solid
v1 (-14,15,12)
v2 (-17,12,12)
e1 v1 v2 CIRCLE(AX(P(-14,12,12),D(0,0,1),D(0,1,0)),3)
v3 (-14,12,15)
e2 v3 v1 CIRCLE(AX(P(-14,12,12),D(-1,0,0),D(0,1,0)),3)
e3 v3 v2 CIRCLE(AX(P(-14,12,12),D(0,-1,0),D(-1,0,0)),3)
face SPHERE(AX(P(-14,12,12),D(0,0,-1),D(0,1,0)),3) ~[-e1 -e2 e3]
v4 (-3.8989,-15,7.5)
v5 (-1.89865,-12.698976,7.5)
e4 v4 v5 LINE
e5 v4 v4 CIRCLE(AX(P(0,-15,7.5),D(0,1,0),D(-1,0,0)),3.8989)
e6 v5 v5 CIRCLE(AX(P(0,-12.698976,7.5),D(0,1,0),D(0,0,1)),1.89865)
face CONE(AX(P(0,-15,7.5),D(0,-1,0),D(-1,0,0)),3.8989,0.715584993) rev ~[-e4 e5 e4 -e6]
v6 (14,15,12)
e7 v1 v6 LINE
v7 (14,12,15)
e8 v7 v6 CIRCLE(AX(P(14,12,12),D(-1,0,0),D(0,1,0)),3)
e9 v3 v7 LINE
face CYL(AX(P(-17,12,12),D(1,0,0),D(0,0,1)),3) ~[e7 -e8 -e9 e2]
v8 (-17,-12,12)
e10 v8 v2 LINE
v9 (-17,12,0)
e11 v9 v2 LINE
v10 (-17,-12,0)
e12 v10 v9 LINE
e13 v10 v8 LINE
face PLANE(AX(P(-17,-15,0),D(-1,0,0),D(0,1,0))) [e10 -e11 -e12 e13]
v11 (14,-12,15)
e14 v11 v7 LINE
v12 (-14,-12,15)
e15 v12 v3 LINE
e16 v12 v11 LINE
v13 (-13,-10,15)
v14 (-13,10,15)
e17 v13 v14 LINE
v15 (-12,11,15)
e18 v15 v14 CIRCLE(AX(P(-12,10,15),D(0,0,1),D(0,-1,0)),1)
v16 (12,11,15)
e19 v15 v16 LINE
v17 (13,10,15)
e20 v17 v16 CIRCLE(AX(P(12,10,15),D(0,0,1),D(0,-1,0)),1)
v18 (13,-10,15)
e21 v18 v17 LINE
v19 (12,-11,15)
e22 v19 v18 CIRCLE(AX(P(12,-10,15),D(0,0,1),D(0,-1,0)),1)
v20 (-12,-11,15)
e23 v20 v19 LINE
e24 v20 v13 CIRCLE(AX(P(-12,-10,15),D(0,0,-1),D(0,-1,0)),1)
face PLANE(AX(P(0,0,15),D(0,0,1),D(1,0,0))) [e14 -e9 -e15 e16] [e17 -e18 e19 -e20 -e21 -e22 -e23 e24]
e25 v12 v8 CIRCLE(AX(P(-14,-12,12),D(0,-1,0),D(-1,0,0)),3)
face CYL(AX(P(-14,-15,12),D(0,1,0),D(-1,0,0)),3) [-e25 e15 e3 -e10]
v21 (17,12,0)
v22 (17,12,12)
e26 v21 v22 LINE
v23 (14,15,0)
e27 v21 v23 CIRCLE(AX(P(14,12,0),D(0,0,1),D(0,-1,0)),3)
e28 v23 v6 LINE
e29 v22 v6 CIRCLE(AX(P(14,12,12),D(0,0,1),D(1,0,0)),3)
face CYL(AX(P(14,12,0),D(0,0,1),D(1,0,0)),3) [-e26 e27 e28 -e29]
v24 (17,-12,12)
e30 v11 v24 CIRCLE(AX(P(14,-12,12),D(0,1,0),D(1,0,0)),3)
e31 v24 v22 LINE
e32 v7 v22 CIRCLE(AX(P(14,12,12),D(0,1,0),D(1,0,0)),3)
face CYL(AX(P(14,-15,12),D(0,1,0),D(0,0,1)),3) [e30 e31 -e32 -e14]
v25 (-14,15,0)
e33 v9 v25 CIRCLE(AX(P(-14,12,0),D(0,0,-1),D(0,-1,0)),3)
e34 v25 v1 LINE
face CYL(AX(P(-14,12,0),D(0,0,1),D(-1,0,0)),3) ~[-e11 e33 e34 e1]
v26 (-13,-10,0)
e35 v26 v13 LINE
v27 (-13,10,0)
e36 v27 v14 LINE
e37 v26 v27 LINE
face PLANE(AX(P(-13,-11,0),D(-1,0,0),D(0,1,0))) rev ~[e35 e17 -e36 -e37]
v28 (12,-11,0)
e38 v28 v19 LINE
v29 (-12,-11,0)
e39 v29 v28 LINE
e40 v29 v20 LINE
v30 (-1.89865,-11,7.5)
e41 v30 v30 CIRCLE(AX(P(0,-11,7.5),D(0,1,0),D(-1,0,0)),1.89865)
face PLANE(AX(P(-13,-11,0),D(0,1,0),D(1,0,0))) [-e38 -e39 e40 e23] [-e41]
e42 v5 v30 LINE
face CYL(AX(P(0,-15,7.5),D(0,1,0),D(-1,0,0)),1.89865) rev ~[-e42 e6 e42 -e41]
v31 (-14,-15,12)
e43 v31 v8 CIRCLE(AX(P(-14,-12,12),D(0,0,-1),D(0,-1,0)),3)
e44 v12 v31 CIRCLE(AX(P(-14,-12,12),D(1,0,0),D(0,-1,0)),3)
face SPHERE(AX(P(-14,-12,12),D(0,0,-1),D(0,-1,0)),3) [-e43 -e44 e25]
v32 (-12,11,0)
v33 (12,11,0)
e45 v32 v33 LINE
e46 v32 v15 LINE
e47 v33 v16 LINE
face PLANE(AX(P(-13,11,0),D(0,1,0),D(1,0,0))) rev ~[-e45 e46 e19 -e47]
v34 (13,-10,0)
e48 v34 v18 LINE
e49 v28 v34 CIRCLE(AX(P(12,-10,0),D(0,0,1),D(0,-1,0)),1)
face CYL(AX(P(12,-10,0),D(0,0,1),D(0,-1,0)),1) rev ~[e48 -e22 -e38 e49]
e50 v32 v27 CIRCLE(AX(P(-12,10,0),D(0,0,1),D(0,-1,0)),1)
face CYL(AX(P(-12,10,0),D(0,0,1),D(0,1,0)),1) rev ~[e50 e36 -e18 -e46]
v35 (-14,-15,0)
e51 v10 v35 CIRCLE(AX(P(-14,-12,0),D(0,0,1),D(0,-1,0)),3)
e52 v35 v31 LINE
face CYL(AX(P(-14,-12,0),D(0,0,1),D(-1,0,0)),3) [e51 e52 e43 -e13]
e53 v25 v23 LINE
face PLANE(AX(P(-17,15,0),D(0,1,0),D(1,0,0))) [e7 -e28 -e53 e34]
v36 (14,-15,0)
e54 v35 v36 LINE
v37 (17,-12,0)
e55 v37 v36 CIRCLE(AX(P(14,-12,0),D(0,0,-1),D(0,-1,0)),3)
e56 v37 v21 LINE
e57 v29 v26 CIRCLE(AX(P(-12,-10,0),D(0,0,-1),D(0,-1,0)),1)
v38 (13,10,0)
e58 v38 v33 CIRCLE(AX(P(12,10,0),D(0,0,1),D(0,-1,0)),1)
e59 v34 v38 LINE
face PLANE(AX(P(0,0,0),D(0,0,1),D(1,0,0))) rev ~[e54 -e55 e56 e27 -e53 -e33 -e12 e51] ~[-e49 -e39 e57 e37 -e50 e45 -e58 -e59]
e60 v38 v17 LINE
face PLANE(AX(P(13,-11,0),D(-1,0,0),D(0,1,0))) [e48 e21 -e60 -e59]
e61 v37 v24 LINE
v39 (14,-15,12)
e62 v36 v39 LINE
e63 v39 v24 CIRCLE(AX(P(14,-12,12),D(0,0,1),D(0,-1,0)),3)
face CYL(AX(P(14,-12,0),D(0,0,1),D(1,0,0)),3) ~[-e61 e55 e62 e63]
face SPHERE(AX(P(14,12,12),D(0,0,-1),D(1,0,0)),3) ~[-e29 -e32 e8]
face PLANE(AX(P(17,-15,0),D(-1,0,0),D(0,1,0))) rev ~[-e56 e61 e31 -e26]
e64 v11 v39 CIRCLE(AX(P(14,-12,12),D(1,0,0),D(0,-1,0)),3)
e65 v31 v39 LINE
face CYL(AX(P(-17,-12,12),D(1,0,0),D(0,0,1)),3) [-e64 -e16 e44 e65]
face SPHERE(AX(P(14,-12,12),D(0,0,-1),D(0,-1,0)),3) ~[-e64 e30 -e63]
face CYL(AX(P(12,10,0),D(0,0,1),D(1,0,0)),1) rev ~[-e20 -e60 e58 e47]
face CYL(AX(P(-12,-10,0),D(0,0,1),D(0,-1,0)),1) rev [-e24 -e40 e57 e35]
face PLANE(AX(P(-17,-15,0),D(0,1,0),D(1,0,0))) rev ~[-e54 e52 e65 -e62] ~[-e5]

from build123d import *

# Parameters (mm, degrees)
F0_W           = 34
F0_H           = 30
F0_W_2         = 26
F0_H_2         = 22
F1_DEPTH       = 15
F3_D           = 3.7973
F3_DEPTH       = 5
F3_CSINK_D     = 7.7978
F3_CSINK_ANGLE = 82
F3_TIP         = 1.1408240143
F4_R           = 3
F5_R           = 1


with BuildPart() as f1:
    # F0 (on Top) → F1 (new body)
    with BuildSketch(Plane.XY):
        Rectangle(F0_W, F0_H)
        Rectangle(F0_W_2, F0_H_2, mode=Mode.SUBTRACT)
    extrude(amount=F1_DEPTH)

    # F3
    with Locations(Plane.XZ.offset(15)):
        with Locations((0, 7.5)):
            CounterSinkHole(F3_D / 2, F3_CSINK_D / 2, depth=F3_DEPTH, counter_sink_angle=F3_CSINK_ANGLE)
            with Locations((0, 0, -(F3_DEPTH + F3_TIP / 2))):  # 118° drill point
                Cone(0, F3_D / 2, F3_TIP, mode=Mode.SUBTRACT)

    # F4
    f4_edges = [f1.edges().sort_by_distance(p)[0] for p in [
        (-17, -15, 7.5),
        (17, -15, 7.5),
        (17, 15, 7.5),
        (-17, 15, 7.5),
        (0, -15, 15),
        (17, 0, 15),
        (0, 15, 15),
        (-17, 0, 15),
    ]]
    fillet(f4_edges, radius=F4_R)

    # F5
    f5_edges = [f1.edges().sort_by_distance(p)[0] for p in [
        (-13, -11, 7.5),
        (-13, 11, 7.5),
        (13, 11, 7.5),
        (13, -11, 7.5),
    ]]
    fillet(f5_edges, radius=F5_R)


solid = f1.part
